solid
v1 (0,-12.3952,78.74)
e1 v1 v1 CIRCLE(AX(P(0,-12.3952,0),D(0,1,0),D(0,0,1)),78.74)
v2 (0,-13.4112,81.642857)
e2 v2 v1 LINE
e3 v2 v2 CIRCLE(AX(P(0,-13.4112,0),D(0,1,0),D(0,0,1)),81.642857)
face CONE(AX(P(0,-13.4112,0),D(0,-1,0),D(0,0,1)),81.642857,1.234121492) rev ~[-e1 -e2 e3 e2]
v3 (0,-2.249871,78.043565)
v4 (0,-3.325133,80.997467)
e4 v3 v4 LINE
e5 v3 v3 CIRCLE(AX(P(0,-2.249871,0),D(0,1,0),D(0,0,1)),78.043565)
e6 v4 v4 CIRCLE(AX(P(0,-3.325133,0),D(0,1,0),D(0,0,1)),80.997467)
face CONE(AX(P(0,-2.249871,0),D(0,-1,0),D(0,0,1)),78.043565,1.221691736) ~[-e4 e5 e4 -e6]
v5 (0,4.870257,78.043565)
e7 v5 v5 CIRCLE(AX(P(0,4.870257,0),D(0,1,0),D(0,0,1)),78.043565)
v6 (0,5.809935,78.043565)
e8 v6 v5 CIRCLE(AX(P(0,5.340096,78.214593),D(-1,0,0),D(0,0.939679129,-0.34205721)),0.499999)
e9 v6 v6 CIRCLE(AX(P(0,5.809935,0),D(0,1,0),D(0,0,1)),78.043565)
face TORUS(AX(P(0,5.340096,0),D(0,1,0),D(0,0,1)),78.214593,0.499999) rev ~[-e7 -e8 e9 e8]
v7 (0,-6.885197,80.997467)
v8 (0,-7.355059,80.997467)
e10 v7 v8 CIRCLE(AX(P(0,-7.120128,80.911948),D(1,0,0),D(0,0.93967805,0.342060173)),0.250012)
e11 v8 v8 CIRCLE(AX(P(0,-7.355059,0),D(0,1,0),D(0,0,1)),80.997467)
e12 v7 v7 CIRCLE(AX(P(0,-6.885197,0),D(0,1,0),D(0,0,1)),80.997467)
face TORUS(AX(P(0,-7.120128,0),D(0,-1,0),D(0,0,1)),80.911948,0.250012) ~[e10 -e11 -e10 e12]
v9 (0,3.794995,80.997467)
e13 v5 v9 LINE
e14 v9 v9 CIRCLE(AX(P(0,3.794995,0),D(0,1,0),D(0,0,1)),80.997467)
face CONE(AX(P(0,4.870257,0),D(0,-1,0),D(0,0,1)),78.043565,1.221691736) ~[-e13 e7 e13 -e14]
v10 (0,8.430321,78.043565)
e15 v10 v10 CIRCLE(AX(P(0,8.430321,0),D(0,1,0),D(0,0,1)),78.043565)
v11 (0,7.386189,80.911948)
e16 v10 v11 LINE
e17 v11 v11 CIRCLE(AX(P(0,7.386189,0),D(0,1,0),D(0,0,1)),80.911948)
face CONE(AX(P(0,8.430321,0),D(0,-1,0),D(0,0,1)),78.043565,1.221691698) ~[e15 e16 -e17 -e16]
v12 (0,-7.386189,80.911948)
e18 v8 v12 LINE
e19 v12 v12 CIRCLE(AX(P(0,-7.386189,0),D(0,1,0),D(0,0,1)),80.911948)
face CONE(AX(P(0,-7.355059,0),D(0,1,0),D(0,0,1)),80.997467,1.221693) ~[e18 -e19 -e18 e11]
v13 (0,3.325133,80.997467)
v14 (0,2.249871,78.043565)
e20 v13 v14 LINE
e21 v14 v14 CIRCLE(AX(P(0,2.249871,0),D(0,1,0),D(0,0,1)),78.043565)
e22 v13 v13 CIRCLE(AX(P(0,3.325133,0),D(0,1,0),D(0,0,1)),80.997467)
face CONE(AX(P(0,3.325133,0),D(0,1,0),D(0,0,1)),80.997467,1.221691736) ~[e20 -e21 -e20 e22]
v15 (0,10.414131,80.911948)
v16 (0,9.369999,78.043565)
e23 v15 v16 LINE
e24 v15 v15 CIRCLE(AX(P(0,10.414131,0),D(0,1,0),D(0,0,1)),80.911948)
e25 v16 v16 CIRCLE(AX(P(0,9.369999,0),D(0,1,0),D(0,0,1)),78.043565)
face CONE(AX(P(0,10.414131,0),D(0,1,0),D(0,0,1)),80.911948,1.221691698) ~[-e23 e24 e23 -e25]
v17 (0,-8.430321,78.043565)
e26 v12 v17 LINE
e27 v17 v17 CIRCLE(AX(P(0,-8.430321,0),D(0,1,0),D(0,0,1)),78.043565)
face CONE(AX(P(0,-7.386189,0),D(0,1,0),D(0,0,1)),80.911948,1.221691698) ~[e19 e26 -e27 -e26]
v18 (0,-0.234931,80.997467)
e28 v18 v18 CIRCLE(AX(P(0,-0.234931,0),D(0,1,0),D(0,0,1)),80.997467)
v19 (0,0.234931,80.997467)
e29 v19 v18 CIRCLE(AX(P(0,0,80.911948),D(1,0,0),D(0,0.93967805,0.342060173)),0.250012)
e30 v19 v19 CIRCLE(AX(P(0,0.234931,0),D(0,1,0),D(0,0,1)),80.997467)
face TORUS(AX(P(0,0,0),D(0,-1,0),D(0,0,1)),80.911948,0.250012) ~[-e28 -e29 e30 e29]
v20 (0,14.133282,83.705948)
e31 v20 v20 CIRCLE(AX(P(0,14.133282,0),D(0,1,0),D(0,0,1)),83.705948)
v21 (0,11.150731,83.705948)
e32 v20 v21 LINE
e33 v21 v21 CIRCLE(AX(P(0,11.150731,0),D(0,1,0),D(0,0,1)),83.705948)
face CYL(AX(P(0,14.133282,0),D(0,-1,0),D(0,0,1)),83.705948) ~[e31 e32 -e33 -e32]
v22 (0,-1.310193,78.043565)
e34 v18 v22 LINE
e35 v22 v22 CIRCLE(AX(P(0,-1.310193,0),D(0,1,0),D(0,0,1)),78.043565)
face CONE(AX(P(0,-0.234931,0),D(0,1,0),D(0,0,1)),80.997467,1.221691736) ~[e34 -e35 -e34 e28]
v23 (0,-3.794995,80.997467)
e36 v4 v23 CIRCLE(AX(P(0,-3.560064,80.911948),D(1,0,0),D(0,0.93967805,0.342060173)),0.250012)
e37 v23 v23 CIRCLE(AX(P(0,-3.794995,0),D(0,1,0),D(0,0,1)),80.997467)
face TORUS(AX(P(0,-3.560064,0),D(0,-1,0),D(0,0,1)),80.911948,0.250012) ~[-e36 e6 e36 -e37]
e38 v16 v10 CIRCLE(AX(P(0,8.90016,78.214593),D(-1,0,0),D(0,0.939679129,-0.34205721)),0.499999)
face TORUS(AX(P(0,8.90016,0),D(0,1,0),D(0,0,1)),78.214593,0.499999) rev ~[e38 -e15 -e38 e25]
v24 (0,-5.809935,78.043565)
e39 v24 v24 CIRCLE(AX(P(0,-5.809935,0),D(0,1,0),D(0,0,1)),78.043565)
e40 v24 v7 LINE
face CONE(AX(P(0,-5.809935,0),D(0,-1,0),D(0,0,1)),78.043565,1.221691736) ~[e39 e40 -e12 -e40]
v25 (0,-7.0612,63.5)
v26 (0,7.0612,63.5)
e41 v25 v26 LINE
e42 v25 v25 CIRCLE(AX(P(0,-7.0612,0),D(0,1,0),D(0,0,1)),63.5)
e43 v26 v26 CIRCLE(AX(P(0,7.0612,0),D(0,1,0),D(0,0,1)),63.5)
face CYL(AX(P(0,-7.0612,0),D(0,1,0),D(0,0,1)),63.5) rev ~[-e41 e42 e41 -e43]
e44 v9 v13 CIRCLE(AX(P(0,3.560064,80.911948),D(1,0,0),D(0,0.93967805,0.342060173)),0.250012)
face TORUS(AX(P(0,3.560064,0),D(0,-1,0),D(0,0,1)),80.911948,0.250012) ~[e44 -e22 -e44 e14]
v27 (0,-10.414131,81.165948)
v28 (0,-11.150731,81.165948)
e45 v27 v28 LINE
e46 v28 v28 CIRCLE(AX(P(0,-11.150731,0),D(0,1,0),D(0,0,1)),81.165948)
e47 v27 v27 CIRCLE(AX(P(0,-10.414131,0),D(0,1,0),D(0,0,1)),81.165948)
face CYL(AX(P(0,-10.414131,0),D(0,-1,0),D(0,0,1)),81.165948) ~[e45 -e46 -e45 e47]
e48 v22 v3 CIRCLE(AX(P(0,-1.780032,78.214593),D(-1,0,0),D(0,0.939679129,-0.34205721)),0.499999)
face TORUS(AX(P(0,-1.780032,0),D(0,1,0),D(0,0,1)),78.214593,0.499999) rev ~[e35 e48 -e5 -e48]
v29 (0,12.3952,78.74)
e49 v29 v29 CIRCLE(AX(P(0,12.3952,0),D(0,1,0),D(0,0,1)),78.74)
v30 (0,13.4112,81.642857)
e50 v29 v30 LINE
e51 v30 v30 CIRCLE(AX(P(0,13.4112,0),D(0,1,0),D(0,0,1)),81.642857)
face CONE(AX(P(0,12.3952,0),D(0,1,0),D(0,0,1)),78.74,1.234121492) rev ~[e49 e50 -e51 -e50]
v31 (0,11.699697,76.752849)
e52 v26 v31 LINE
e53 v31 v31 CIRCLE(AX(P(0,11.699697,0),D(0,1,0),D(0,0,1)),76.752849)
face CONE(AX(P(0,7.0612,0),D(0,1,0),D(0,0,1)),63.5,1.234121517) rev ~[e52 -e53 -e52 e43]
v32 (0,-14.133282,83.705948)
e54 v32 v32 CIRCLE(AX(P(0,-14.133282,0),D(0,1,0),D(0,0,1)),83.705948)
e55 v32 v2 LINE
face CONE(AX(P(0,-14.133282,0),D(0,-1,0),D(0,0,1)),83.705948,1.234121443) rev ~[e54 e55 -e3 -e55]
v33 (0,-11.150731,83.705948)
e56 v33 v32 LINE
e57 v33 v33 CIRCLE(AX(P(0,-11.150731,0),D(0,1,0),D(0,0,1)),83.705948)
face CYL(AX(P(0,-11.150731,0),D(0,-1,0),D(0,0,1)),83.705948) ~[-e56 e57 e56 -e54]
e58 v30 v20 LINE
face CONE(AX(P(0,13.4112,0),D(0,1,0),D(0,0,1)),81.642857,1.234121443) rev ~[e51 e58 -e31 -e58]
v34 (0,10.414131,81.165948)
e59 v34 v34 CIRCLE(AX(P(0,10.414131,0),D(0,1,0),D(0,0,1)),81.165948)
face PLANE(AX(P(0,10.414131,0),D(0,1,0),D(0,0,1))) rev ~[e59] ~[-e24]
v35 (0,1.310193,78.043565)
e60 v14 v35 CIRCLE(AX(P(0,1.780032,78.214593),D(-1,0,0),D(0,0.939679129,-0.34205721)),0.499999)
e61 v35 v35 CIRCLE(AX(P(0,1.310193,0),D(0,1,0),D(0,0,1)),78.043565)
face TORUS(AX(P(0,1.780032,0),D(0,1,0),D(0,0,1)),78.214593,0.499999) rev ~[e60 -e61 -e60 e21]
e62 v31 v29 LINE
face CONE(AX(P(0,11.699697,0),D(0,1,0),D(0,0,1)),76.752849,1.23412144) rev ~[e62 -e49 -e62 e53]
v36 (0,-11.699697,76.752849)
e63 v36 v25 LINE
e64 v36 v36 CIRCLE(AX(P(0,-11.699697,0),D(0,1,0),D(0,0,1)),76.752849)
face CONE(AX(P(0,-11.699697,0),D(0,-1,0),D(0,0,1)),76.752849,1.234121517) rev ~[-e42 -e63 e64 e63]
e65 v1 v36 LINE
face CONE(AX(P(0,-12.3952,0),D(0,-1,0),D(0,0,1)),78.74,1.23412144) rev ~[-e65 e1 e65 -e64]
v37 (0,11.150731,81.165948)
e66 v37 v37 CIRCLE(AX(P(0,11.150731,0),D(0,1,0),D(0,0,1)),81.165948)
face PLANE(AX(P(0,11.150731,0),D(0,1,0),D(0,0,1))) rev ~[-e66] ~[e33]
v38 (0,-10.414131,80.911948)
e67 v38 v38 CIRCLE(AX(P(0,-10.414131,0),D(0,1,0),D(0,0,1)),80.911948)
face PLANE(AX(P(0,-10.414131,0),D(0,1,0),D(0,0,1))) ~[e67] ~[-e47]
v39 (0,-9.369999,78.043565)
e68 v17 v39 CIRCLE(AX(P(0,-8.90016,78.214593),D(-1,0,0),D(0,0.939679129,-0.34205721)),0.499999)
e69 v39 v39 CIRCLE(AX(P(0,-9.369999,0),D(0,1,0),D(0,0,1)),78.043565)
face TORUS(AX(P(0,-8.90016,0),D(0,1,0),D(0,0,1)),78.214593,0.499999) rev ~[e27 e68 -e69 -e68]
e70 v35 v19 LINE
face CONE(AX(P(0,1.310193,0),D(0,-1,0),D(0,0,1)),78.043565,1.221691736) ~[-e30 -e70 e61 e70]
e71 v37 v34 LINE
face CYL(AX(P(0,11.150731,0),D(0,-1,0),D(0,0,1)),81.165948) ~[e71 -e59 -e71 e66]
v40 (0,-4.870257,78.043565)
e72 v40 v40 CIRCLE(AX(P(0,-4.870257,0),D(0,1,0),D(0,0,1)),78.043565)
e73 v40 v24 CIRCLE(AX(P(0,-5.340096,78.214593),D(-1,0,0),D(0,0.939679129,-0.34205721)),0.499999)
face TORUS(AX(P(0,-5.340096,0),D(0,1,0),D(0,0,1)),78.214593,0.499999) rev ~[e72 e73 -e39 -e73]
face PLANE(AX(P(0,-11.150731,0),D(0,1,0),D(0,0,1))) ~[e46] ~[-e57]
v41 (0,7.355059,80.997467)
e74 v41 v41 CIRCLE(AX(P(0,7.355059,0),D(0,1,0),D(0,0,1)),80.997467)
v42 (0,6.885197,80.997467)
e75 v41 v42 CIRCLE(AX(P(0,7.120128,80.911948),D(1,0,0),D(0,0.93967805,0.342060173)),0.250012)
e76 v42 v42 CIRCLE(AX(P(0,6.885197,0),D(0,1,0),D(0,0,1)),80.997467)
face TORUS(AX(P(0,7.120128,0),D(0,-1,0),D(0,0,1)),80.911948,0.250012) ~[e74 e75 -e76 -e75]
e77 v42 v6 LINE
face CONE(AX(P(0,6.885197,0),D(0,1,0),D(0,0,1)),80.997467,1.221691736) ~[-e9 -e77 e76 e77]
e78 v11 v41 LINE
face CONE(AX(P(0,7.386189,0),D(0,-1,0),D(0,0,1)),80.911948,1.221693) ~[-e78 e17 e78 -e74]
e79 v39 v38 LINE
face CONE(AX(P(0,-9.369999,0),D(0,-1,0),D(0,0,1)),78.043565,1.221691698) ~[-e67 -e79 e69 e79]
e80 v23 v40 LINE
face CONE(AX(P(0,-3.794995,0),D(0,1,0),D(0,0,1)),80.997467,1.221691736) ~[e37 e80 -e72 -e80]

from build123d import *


with BuildPart() as f1:
    # F0 (on Right) → F1 (revolve)
    with BuildSketch(Plane.YZ):
        with BuildLine():
            Line((-7.0612, 63.5), (0, 63.5))
            Line((0, 63.5), (7.0612, 63.5))
            Line((7.0612, 63.5), (11.699697, 76.752849))
            Line((11.699697, 76.752849), (12.3952, 78.74))
            Line((12.3952, 78.74), (13.4112, 81.642857))
            Line((13.4112, 81.642857), (14.133282, 83.705948))
            Line((14.133282, 83.705948), (11.150731, 83.705948))
            Line((11.150731, 83.705948), (11.150731, 81.642857))
            Line((11.150731, 81.642857), (11.150731, 81.165948))
            Line((11.150731, 81.165948), (10.414131, 81.165948))
            Line((10.414131, 81.165948), (10.414131, 80.911948))
            Line((10.414131, 80.911948), (9.369999, 78.043565))
            ThreePointArc((9.369999, 78.043565), (8.90016, 77.714594), (8.430321, 78.043565))
            Line((8.430321, 78.043565), (7.386189, 80.911948))
            Line((7.386189, 80.911948), (7.355059, 80.997467))
            ThreePointArc((7.355059, 80.997467), (7.120128, 81.16196), (6.885197, 80.997467))
            Line((6.885197, 80.997467), (5.809935, 78.043565))
            ThreePointArc((5.809935, 78.043565), (5.340096, 77.714594), (4.870257, 78.043565))
            Line((4.870257, 78.043565), (3.794995, 80.997467))
            ThreePointArc((3.794995, 80.997467), (3.560064, 81.16196), (3.325133, 80.997467))
            Line((3.325133, 80.997467), (2.249871, 78.043565))
            ThreePointArc((2.249871, 78.043565), (1.780032, 77.714594), (1.310193, 78.043565))
            Line((1.310193, 78.043565), (0.234931, 80.997467))
            ThreePointArc((0.234931, 80.997467), (0, 81.16196), (-0.234931, 80.997467))
            Line((-0.234931, 80.997467), (-1.310193, 78.043565))
            ThreePointArc((-1.310193, 78.043565), (-1.780032, 77.714594), (-2.249871, 78.043565))
            Line((-2.249871, 78.043565), (-3.325133, 80.997467))
            ThreePointArc((-3.325133, 80.997467), (-3.560064, 81.16196), (-3.794995, 80.997467))
            Line((-3.794995, 80.997467), (-4.870257, 78.043565))
            ThreePointArc((-4.870257, 78.043565), (-5.340096, 77.714594), (-5.809935, 78.043565))
            Line((-5.809935, 78.043565), (-6.885197, 80.997467))
            ThreePointArc((-6.885197, 80.997467), (-7.120128, 81.16196), (-7.355059, 80.997467))
            Line((-7.355059, 80.997467), (-7.386189, 80.911948))
            Line((-7.386189, 80.911948), (-8.430321, 78.043565))
            ThreePointArc((-8.430321, 78.043565), (-8.90016, 77.714594), (-9.369999, 78.043565))
            Line((-9.369999, 78.043565), (-10.414131, 80.911948))
            Line((-10.414131, 80.911948), (-10.414131, 81.165948))
            Line((-10.414131, 81.165948), (-11.150731, 81.165948))
            Line((-11.150731, 81.165948), (-11.150731, 81.642857))
            Line((-11.150731, 81.642857), (-11.150731, 83.705948))
            Line((-11.150731, 83.705948), (-14.133282, 83.705948))
            Line((-14.133282, 83.705948), (-13.4112, 81.642857))
            Line((-13.4112, 81.642857), (-12.3952, 78.74))
            Line((-12.3952, 78.74), (-11.699697, 76.752849))
            Line((-11.699697, 76.752849), (-7.0612, 63.5))
        make_face()
    revolve(axis=Axis((0, 14.171782, 0), (0, 1, 0)))


solid = f1.part
